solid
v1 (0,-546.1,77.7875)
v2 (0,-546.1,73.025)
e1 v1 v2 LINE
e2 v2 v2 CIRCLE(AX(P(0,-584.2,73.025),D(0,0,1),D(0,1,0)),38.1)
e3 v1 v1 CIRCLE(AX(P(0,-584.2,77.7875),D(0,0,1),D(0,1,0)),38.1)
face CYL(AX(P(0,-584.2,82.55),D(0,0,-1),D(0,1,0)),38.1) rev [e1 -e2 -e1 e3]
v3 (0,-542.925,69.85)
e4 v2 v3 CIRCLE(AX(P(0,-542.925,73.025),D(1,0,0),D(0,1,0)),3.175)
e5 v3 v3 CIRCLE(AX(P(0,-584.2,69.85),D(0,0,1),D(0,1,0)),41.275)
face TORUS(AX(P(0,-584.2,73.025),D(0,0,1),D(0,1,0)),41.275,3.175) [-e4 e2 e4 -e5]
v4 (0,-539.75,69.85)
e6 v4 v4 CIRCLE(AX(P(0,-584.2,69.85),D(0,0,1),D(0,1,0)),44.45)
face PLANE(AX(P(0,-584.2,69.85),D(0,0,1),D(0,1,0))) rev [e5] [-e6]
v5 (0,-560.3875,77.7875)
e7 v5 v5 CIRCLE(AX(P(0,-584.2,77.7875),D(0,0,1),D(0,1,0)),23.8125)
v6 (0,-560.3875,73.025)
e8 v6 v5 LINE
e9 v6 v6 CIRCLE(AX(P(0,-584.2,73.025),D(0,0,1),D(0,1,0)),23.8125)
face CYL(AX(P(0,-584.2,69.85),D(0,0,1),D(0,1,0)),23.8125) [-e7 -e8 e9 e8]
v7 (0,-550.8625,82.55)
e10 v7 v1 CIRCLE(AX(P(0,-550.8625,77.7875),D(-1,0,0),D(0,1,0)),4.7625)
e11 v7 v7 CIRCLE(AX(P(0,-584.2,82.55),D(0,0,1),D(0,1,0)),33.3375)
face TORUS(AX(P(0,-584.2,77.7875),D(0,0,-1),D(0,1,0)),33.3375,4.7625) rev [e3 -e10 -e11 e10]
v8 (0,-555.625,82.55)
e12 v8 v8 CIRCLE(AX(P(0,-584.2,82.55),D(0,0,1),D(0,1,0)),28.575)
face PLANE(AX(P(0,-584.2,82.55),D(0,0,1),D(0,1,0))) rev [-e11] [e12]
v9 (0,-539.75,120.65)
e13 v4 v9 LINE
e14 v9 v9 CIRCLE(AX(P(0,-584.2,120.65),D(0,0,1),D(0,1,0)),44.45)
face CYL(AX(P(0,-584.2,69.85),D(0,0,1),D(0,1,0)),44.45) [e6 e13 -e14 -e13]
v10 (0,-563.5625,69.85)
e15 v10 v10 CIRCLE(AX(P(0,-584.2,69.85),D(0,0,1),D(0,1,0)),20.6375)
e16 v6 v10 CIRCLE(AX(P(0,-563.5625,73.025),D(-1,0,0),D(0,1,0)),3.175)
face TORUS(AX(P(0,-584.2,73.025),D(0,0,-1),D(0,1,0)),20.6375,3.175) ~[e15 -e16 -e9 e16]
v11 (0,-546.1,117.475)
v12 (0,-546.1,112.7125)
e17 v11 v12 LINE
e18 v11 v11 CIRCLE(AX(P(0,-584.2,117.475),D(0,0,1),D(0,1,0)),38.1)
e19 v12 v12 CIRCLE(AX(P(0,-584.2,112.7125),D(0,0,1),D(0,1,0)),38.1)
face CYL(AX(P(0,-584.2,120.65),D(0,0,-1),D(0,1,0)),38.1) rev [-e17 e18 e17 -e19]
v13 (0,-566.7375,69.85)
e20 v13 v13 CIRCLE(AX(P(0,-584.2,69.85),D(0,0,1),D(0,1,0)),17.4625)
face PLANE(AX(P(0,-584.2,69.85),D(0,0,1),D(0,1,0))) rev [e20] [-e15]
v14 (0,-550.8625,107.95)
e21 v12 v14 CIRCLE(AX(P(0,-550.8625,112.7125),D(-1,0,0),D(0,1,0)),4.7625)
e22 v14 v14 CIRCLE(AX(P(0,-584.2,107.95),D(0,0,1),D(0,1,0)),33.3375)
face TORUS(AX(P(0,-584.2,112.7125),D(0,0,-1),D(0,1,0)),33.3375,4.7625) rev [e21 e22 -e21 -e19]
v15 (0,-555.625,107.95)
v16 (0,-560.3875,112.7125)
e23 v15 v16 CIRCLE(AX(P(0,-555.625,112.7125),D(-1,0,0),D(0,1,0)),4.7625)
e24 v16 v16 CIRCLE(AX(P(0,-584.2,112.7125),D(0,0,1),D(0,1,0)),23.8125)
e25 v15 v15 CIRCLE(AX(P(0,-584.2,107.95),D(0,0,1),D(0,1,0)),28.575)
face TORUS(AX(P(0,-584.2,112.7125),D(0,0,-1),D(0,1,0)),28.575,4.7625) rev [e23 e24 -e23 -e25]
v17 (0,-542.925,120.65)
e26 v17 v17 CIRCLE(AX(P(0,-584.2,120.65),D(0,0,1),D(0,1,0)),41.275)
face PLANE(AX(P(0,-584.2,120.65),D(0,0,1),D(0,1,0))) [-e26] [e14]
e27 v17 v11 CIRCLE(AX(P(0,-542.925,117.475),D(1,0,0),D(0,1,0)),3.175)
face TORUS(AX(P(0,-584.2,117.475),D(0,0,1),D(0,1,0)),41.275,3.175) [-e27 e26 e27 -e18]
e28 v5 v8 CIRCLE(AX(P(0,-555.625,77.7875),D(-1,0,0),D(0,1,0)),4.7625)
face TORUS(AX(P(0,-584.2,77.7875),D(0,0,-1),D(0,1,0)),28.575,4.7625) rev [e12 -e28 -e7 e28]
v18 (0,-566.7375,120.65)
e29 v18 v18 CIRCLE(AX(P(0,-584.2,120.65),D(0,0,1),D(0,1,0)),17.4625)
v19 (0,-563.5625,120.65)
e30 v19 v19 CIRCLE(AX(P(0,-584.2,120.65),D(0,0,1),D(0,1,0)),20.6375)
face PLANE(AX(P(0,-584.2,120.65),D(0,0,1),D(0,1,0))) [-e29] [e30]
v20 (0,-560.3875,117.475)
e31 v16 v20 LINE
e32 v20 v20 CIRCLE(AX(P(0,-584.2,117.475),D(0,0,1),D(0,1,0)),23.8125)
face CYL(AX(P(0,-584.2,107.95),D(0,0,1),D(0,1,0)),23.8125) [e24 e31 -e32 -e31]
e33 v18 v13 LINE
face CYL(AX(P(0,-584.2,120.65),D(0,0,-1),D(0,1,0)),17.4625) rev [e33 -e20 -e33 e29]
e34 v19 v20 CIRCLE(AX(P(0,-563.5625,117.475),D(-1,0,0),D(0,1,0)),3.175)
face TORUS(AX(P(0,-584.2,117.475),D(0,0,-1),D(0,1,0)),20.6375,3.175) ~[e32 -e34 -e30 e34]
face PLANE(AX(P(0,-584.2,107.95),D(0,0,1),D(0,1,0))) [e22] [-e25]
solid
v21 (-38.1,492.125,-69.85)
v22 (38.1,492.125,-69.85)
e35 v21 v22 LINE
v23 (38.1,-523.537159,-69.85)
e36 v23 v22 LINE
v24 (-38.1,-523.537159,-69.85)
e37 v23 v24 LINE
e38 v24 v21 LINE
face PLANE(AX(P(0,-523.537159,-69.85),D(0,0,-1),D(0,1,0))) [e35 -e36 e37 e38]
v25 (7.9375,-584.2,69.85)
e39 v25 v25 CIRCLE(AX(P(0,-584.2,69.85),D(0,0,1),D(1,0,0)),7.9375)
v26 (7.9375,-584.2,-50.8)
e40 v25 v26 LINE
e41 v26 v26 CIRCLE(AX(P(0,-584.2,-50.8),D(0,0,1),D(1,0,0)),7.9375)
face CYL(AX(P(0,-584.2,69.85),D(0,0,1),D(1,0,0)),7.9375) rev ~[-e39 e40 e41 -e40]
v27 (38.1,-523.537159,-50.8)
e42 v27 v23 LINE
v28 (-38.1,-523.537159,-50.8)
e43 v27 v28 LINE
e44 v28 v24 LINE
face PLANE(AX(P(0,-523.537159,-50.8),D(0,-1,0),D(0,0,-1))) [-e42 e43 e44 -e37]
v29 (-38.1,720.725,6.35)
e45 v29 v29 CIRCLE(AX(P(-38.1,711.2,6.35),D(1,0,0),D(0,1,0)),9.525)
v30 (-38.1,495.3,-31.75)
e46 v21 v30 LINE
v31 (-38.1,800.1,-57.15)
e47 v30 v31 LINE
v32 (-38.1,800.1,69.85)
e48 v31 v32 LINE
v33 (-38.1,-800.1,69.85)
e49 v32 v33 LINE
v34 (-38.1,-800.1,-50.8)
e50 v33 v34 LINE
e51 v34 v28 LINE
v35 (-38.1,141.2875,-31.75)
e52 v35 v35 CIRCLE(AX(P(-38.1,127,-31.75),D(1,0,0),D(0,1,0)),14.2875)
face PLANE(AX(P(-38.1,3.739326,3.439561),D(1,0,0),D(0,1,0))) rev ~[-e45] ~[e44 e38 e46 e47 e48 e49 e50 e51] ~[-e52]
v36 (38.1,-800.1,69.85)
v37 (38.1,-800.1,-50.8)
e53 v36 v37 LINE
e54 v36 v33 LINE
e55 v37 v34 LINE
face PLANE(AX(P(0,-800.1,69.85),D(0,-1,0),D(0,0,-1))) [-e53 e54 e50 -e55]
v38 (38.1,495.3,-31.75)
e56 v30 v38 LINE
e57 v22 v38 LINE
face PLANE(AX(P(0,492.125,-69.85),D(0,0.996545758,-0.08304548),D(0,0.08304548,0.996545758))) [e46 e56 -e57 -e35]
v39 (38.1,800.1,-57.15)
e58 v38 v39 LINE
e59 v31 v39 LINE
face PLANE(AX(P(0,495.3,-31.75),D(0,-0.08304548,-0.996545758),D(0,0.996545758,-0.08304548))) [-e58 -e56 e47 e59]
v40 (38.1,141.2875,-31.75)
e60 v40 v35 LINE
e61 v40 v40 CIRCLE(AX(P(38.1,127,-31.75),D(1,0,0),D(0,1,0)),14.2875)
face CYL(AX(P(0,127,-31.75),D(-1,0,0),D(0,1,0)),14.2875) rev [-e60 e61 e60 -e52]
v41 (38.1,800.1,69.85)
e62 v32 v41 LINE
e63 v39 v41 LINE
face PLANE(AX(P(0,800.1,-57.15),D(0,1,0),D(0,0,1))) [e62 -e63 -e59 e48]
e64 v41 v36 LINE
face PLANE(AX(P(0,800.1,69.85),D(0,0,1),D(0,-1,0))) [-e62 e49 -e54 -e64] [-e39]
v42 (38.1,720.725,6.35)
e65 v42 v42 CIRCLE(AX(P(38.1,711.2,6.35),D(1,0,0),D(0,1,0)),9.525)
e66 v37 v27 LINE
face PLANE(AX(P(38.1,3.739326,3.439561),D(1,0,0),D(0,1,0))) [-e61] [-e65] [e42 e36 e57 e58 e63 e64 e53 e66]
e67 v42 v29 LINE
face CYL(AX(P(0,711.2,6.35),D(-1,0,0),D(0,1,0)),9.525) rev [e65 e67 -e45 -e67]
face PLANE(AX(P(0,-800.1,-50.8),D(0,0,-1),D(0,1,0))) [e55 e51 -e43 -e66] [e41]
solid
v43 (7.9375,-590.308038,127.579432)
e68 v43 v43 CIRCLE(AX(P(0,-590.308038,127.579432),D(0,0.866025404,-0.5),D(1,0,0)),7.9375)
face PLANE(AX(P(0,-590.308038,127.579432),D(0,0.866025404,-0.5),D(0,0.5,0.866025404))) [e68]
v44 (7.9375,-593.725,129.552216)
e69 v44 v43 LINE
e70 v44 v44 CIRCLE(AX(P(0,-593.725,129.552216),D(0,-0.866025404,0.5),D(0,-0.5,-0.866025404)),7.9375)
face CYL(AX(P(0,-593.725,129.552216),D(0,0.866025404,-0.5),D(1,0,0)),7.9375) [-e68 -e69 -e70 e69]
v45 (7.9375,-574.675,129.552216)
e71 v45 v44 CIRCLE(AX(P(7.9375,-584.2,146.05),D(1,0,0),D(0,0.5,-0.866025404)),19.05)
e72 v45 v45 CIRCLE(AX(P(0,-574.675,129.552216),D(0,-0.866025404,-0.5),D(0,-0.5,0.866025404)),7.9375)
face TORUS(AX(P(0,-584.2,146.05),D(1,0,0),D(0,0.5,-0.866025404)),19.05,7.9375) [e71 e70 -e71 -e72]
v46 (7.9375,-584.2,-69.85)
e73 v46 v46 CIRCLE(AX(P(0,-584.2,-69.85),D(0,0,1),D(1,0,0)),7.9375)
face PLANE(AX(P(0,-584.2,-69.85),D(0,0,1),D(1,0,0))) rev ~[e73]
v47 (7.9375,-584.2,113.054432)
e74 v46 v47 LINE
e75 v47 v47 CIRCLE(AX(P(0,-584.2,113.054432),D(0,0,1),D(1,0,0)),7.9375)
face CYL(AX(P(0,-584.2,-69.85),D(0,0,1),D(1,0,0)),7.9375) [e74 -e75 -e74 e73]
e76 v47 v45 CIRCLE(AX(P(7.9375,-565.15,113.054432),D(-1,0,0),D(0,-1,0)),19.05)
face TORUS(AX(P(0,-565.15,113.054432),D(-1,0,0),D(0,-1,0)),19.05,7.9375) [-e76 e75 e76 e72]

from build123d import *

# Parameters (mm, degrees)
F0_R     = 14.2875
F0_R_2   = 9.525
F1_DEPTH = 38.1
F2_R     = 7.9375
F3_DEPTH = 139.701
F6_R     = 7.9375
F9_R     = 4.7625
F10_R    = 3.175


with BuildPart() as f1:
    # F0 (on Right) → F1 (new body, symmetric)
    with BuildSketch(Plane.YZ):
        Polygon((-523.5371589661, -69.85), (492.125, -69.85), (495.3, -31.75), (800.1, -57.15), (800.1, 69.85), (-800.1, 69.85), (-800.1, -50.8), (-523.5371589661, -50.8), align=None)
        with Locations((127, -31.75)):
            Circle(F0_R, mode=Mode.SUBTRACT)
        with Locations((711.2, 6.35)):
            Circle(F0_R_2, mode=Mode.SUBTRACT)
    extrude(amount=F1_DEPTH, both=True)

    # F2 (on face) → F3 (cut, through all)
    with BuildSketch(Plane.XY.offset(69.85)):
        with Locations((0, -584.2)):
            Circle(F2_R)
    extrude(amount=-F3_DEPTH, mode=Mode.SUBTRACT)


with BuildPart() as f7:
    # F7: sweep along a path in F4
    with BuildLine(Plane.YZ) as f7_path:
        Line((-584.2, -69.85), (-584.2, 113.0544321158))
        ThreePointArc((-584.2, 113.0544321158), (-581.6477839421, 122.5794321158), (-574.675, 129.5522160579))
        ThreePointArc((-574.675, 129.5522160579), (-584.2, 165.1), (-593.725, 129.5522160579))
        Line((-593.725, 129.5522160579), (-590.3080379799, 127.5794321158))
    # F6 (on line) → F7 (sweep)
    with BuildSketch(Plane.XY.offset(-69.85)):
        with Locations((0, -584.2)):
            Circle(F6_R)
    sweep(path=f7_path.line)


with BuildPart() as f8:
    # F4 (on Right) → F8 (revolve)
    with BuildSketch(Plane.YZ):
        Polygon((-566.7375, 120.65), (-566.7375, 69.85), (-560.3875, 69.85), (-560.3875, 82.55), (-546.1, 82.55), (-546.1, 69.85), (-539.75, 69.85), (-539.75, 120.65), (-546.1, 120.65), (-546.1, 107.95), (-560.3875, 107.95), (-560.3875, 120.65), align=None)
    revolve(axis=Axis((0, -584.2, 21.6022160579), (0, 0, 1)))

    # F9
    f9_edges = [f8.edges().sort_by_distance(p)[0] for p in [
        (0, -622.3, 82.55),
        (0, -608.0125, 82.55),
        (0, -622.3, 107.95),
        (0, -608.0125, 107.95),
    ]]
    fillet(f9_edges, radius=F9_R)

    # F10
    f10_edges = [f8.edges().sort_by_distance(p)[0] for p in [
        (0, -622.3, 120.65),
        (0, -622.3, 69.85),
        (0, -608.0125, 69.85),
        (0, -608.0125, 120.65),
    ]]
    fillet(f10_edges, radius=F10_R)


solid = Compound([f1.part, f7.part, f8.part])
